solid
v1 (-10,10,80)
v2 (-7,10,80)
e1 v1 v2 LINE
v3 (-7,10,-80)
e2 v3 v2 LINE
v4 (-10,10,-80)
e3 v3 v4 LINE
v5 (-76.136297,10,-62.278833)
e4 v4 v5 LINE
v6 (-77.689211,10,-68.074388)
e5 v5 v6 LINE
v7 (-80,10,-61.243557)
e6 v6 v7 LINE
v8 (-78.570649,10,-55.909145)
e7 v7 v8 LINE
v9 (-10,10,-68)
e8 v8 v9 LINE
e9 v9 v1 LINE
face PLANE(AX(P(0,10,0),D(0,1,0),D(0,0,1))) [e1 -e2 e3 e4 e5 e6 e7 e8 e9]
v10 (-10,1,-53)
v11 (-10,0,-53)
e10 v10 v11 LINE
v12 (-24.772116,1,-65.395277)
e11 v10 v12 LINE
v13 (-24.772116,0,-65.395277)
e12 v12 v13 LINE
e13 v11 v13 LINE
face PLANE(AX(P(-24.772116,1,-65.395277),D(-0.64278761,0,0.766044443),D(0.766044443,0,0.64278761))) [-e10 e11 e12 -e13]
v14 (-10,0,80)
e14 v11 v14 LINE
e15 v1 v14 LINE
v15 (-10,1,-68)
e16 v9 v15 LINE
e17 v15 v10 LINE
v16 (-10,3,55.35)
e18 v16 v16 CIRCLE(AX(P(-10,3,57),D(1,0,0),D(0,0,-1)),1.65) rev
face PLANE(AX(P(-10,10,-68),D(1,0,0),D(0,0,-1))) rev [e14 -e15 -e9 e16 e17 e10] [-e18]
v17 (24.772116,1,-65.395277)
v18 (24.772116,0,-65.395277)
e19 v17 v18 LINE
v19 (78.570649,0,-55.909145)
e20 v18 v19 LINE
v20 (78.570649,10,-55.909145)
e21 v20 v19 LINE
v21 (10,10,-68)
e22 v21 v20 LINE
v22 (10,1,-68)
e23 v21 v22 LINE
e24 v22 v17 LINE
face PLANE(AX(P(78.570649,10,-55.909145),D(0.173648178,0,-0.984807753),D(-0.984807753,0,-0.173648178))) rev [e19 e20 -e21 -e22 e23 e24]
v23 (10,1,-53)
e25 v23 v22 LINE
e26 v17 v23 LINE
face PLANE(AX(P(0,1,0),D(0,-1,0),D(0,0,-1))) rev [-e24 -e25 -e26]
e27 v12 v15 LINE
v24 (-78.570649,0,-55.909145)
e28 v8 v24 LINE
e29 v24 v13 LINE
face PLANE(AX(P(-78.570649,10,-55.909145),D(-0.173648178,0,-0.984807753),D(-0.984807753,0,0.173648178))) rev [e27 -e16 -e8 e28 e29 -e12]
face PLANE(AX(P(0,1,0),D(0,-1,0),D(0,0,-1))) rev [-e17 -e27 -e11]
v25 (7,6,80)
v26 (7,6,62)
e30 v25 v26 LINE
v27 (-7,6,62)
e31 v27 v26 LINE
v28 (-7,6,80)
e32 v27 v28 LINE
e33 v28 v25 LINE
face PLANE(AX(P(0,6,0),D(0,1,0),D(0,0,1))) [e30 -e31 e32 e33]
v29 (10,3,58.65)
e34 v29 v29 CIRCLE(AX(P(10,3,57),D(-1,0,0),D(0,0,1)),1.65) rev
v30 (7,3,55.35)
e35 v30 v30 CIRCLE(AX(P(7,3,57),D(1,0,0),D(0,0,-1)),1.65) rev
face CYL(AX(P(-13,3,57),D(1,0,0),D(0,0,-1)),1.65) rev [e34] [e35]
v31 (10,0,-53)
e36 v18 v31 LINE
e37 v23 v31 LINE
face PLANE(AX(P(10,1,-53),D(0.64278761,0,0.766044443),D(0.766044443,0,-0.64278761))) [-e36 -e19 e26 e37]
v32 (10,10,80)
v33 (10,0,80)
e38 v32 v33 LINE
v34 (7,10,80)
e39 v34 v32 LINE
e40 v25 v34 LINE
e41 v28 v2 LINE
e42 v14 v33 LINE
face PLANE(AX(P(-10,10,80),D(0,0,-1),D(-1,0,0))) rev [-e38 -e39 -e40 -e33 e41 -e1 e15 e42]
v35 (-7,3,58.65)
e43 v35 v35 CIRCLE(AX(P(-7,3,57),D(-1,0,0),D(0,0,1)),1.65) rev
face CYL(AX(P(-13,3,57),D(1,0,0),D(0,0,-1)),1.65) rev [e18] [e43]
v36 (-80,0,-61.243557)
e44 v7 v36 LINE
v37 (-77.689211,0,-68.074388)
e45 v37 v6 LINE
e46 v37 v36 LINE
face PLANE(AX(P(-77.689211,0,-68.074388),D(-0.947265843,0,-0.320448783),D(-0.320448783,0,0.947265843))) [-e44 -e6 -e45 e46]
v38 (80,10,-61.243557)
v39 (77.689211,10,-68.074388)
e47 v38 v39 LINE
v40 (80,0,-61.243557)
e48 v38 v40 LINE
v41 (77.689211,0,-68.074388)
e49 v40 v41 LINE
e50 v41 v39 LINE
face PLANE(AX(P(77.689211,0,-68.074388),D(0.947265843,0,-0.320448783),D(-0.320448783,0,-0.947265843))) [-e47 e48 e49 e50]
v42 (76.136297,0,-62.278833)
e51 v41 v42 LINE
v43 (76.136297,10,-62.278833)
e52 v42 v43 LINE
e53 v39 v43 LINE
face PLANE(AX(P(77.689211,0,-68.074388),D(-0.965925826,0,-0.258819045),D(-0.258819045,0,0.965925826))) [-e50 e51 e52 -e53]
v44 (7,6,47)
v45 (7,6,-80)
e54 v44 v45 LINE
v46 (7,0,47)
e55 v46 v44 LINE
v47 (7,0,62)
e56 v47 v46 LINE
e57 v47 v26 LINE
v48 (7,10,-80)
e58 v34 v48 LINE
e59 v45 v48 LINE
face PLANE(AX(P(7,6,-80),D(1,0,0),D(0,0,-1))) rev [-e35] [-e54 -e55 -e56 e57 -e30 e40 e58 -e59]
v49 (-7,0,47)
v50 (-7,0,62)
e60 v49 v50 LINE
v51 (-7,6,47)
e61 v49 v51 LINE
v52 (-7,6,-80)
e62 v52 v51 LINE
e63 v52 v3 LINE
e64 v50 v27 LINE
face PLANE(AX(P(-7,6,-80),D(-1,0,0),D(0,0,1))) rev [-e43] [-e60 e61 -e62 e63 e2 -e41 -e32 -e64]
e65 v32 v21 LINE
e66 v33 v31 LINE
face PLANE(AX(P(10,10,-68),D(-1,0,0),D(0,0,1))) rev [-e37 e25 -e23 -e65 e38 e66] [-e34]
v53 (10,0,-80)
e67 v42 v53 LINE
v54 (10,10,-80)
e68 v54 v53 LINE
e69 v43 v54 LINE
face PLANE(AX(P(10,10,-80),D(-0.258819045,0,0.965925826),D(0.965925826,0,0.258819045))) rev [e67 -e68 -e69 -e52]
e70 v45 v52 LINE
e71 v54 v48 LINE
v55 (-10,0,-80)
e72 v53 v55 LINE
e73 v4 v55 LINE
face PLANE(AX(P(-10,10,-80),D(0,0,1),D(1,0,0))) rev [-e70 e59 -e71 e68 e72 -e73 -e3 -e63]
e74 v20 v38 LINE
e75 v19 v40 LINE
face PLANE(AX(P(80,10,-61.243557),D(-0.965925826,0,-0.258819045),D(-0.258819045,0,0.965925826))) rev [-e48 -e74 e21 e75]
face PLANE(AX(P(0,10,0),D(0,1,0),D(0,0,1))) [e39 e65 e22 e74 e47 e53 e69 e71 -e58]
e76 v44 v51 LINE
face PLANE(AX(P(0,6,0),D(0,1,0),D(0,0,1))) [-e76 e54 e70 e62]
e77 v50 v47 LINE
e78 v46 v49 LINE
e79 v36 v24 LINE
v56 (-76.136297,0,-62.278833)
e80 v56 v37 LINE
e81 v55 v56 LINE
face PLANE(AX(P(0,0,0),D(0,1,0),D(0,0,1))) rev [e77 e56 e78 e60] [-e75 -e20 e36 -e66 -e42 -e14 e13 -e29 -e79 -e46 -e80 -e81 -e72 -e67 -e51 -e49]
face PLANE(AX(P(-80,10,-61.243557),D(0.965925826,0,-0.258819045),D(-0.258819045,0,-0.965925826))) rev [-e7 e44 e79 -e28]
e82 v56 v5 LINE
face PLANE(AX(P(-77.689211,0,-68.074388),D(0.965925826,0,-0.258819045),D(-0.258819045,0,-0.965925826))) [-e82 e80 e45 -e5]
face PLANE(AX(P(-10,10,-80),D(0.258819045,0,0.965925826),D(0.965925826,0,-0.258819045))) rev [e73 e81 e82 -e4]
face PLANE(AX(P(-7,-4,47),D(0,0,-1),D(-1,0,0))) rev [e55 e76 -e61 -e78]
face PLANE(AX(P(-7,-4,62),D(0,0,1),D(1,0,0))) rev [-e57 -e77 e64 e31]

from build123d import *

# Parameters (mm, degrees)
BOSS_EXTRUDE1_DEPTH     = 10
SKETCH2_W               = 14
SKETCH2_H               = 160
CUT_EXTRUDE1_DEPTH      = 4
BOSS_EXTRUDE2_DEPTH     = 10
SKETCH4_W               = 14
SKETCH4_H               = 15
CUT_EXTRUDE2_DEPTH      = 10
CUT_EXTRUDE3_DEPTH      = 20
CUT_EXTRUDE3_DEPTH_BACK = 10
SKETCH5_R               = 1.65
BOSS_EXTRUDE3_DEPTH     = 1


with BuildPart() as part:
    # Sketch1 → Boss-Extrude1 (new body)
    with BuildSketch(Plane(origin=(0, 0, 0), x_dir=(1, 0, 0), z_dir=(0, 1, 0))):
        Polygon((-10, 80), (-80, 61.24355653), (-78.570648621, 55.909144563), (-10, 68), (-10, -80), (10, -80), (10, 68), (78.570648621, 55.909144563), (80, 61.24355653), (10, 80), align=None)
    extrude(amount=BOSS_EXTRUDE1_DEPTH)

    # Sketch2 → Cut-Extrude1 (cut)
    with BuildSketch(Plane(origin=(0, 10, 0), x_dir=(1, 0, 0), z_dir=(0, 1, 0))):
        Rectangle(SKETCH2_W, SKETCH2_H)
    extrude(amount=-CUT_EXTRUDE1_DEPTH, mode=Mode.SUBTRACT)

    # Sketch3 → Boss-Extrude2 (add)
    with BuildSketch(Plane(origin=(0, 10, 0), x_dir=(1, 0, 0), z_dir=(0, 1, 0))):
        Polygon((77.689210965, 68.074387668), (76.136296695, 62.27883271), (80, 61.24355653), align=None)
        Polygon((-77.689210965, 68.074387668), (-76.136296695, 62.27883271), (-80, 61.24355653), align=None)
    extrude(amount=-BOSS_EXTRUDE2_DEPTH)

    # Sketch4 → Cut-Extrude2 (cut)
    with BuildSketch(Plane(origin=(0, 6, 0), x_dir=(1, 0, 0), z_dir=(0, 1, 0))):
        with Locations((0, -54.5)):
            Rectangle(SKETCH4_W, SKETCH4_H)
    extrude(amount=-CUT_EXTRUDE2_DEPTH, mode=Mode.SUBTRACT)

    # Sketch5 → Cut-Extrude3 (cut, two sides: drawn at the far end of the back side and taken through both)
    with BuildSketch(Plane.ZY.offset(-7).offset(-CUT_EXTRUDE3_DEPTH_BACK)):
        with Locations(Location((57, 3, 0), (0, 0, 180))):
            Circle(SKETCH5_R)
    extrude(amount=CUT_EXTRUDE3_DEPTH + CUT_EXTRUDE3_DEPTH_BACK, mode=Mode.SUBTRACT)

    # Sketch6 → Boss-Extrude3 (add)
    with BuildSketch(Plane.XZ):
        Polygon((-24.772116295, -65.395277335), (-10, -53), (-10, -68), align=None)
        Polygon((10, -53), (24.772116295, -65.395277335), (10, -68), align=None)
    extrude(amount=-BOSS_EXTRUDE3_DEPTH)


solid = part.part
